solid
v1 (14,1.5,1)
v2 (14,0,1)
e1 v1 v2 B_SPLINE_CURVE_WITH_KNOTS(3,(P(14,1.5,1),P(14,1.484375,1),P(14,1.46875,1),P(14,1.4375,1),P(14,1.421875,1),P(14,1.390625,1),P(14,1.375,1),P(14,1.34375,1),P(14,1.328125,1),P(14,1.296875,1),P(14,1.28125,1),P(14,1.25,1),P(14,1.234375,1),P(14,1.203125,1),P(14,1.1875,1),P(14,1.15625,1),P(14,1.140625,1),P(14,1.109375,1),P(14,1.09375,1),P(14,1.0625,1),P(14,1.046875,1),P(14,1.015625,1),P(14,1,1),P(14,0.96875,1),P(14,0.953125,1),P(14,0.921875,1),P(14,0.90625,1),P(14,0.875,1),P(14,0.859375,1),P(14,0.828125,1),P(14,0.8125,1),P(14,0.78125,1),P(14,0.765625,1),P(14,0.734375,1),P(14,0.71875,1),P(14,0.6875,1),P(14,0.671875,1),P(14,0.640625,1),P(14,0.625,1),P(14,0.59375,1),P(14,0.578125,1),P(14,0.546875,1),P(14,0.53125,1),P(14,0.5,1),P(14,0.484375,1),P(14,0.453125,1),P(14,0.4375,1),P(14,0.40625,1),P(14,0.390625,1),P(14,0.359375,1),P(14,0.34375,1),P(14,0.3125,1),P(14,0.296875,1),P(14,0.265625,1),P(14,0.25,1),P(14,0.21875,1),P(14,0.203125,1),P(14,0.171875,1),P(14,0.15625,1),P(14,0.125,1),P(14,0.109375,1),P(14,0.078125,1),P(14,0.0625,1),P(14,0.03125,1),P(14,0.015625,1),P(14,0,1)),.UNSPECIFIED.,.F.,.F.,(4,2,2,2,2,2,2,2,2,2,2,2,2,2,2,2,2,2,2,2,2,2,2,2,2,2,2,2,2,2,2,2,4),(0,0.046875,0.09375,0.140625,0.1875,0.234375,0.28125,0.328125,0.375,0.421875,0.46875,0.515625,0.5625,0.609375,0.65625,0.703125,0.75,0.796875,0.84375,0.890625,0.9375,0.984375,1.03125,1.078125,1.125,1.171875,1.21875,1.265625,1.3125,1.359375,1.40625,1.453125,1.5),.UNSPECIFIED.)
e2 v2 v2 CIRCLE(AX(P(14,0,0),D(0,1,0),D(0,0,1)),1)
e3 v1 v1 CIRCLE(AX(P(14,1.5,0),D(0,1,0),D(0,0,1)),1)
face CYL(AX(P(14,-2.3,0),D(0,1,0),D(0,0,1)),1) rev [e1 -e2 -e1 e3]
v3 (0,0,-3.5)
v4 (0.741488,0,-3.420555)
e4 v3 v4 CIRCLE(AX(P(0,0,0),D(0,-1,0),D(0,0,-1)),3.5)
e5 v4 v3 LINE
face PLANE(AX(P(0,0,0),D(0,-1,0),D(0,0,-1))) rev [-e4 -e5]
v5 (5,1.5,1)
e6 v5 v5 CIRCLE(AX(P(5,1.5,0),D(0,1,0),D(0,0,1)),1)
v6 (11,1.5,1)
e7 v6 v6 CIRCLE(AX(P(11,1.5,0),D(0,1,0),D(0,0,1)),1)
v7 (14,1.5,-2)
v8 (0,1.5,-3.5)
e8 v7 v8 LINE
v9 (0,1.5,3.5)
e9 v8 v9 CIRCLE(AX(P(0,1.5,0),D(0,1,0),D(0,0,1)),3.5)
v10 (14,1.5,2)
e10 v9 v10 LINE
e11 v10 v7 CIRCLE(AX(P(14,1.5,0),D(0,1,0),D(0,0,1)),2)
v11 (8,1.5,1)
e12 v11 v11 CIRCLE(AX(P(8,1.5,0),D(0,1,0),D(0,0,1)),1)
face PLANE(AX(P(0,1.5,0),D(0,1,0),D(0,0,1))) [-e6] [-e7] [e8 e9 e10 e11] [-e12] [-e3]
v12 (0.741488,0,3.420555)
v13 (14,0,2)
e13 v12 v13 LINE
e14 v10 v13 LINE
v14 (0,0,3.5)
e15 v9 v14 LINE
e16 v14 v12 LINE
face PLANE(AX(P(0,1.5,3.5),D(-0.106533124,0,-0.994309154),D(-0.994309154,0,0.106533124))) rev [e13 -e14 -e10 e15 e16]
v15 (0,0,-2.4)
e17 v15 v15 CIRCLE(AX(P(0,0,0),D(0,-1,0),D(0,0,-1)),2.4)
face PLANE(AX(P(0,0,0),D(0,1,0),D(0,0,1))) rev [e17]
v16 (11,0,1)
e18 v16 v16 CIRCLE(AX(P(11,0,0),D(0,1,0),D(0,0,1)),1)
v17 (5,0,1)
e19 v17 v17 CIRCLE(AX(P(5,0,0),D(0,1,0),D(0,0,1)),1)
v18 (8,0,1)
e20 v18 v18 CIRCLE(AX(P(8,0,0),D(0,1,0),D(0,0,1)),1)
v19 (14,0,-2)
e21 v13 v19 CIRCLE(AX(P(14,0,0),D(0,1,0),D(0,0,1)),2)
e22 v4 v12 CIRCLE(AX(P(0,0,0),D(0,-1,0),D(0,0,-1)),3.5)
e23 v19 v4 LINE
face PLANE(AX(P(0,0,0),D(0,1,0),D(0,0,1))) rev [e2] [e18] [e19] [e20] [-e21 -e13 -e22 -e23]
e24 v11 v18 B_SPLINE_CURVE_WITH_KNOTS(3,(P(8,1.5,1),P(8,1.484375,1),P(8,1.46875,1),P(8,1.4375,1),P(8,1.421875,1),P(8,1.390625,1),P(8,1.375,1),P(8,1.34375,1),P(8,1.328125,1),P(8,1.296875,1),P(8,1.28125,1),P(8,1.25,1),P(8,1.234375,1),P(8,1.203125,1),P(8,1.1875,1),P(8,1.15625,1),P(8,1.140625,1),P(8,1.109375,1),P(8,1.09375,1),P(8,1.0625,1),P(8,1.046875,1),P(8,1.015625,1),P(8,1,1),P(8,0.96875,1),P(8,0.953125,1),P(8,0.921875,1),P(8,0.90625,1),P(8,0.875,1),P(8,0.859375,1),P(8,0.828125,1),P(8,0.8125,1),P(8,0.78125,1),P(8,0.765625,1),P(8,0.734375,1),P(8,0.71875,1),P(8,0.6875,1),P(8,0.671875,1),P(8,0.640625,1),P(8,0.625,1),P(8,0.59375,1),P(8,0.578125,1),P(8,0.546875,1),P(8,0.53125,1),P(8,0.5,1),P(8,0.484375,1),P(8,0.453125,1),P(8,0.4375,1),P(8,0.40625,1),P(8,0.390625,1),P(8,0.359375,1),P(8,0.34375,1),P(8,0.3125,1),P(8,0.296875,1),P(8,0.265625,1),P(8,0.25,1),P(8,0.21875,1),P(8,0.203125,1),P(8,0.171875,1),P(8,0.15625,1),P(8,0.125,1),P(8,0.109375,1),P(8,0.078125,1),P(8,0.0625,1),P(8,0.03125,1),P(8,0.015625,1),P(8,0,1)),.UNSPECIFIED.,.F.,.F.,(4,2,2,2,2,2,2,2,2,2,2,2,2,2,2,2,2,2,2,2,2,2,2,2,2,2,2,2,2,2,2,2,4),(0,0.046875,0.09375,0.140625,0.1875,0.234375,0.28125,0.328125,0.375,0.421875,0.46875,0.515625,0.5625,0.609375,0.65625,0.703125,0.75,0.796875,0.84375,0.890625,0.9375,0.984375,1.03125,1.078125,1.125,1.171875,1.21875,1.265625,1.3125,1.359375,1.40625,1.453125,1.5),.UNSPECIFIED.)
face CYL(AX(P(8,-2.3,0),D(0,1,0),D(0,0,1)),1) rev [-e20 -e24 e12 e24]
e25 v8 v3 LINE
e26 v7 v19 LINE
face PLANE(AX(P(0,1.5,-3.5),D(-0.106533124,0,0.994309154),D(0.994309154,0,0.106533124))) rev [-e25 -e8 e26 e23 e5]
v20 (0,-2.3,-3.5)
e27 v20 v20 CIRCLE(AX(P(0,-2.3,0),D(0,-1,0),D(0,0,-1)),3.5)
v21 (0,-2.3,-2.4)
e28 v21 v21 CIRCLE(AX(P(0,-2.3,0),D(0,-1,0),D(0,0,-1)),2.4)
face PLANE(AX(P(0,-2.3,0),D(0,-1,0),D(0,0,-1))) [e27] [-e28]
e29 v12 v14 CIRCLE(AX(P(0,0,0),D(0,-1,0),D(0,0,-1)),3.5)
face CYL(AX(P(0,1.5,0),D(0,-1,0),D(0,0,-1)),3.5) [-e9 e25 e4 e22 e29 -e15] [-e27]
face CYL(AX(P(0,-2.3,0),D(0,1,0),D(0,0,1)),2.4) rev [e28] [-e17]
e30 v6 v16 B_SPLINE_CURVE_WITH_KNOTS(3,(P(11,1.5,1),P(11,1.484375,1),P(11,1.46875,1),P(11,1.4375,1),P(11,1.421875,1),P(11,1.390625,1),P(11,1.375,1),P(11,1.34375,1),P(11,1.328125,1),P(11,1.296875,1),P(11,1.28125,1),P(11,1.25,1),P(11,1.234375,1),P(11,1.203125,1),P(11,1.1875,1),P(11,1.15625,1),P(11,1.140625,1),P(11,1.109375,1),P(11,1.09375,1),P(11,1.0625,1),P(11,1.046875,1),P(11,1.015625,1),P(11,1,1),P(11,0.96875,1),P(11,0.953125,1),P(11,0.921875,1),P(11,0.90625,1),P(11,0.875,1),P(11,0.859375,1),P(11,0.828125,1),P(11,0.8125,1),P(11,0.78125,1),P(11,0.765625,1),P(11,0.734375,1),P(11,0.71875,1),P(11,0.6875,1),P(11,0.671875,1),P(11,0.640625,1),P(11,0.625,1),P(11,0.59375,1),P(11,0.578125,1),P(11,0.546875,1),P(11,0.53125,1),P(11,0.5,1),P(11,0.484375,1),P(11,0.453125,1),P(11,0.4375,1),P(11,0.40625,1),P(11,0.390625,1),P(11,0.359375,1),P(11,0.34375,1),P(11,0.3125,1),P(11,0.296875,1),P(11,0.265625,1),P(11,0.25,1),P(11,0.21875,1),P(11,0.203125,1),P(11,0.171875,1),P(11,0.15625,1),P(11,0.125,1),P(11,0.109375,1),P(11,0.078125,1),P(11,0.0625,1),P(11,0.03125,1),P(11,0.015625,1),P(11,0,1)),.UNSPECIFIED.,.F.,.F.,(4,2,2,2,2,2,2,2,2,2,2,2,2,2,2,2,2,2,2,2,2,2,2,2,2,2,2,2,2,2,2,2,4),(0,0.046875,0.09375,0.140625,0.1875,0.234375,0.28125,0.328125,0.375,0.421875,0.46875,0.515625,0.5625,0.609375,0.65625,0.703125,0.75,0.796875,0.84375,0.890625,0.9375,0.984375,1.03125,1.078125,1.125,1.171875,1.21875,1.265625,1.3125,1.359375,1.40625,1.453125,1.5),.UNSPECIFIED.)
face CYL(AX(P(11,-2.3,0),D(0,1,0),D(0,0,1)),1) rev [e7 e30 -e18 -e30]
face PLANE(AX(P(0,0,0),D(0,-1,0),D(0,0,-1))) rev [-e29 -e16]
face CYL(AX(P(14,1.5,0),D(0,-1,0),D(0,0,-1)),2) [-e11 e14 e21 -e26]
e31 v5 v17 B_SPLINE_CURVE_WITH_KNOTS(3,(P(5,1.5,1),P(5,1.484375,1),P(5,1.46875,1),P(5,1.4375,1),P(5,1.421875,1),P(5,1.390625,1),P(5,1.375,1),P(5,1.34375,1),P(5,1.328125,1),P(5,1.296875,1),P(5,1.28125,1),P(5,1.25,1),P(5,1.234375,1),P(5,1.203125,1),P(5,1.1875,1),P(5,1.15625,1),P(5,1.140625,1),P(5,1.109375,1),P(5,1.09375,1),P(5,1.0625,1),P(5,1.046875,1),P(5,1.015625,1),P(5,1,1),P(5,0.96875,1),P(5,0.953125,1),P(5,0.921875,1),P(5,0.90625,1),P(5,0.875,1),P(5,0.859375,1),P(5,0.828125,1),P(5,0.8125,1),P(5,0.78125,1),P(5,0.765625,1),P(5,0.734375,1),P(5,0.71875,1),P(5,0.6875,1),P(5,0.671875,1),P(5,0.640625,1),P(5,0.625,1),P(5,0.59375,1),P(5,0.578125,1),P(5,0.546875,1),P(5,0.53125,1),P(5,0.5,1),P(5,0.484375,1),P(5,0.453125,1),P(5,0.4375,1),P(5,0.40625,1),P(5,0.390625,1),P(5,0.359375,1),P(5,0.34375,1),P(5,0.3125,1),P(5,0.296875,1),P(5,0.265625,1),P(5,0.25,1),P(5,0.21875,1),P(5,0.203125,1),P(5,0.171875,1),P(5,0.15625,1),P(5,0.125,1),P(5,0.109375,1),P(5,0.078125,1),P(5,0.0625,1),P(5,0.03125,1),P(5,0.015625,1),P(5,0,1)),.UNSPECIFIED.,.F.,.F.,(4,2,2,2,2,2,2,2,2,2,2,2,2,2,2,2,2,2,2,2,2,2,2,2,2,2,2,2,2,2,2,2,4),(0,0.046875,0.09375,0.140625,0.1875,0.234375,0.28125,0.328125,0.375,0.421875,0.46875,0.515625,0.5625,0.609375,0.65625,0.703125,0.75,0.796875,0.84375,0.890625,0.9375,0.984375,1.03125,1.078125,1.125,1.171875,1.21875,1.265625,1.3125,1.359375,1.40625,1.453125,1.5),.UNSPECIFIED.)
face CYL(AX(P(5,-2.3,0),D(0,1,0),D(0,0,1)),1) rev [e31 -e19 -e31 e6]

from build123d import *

# Parameters (mm, degrees)
BOSS_EXTRUDE1_DEPTH = 1.5
BOSS_EXTRUDE2_START = 2.3
SKETCH2_R           = 3.5
SKETCH2_R_2         = 2.4
BOSS_EXTRUDE2_DEPTH = 2.3
SKETCH3_R           = 1
CUT_EXTRUDE2_DEPTH  = 17.813387523


with BuildPart() as part:
    # Sketch1 → Boss-Extrude1 (new body)
    with BuildSketch(Plane(origin=(0, 0, 0), x_dir=(1, 0, 0), z_dir=(0, 1, 0))):
        with BuildLine():
            Line((0, 3.5), (14, 2))
            ThreePointArc((14, 2), (16, 0), (14, -2))
            Line((14, -2), (0, -3.5))
            ThreePointArc((0, -3.5), (-3.5, 0), (0, 3.5))
        make_face()
    extrude(amount=BOSS_EXTRUDE1_DEPTH)

    # Sketch2 → Boss-Extrude2 (add)
    with BuildSketch(Plane.XZ.offset(BOSS_EXTRUDE2_START)):
        with Locations(Location((0, 0, 0), (0, 0, 270))):
            Circle(SKETCH2_R)
        with Locations(Location((0, 0, 0), (0, 0, 270))):
            Circle(SKETCH2_R_2, mode=Mode.SUBTRACT)
    extrude(amount=-BOSS_EXTRUDE2_DEPTH)

    # Sketch3 → Cut-Extrude2 (cut, through all)
    with BuildSketch(Plane(origin=(0, 1.5, 0), x_dir=(1, 0, 0), z_dir=(0, 1, 0))):
        with Locations(Location((14, 0, 0), (0, 0, 270))):
            Circle(SKETCH3_R)
        with Locations(Location((11, 0, 0), (0, 0, 270))):
            Circle(SKETCH3_R)
        with Locations(Location((8, 0, 0), (0, 0, 270))):
            Circle(SKETCH3_R)
        with Locations(Location((5, 0, 0), (0, 0, 270))):
            Circle(SKETCH3_R)
    extrude(amount=-CUT_EXTRUDE2_DEPTH, mode=Mode.SUBTRACT)


solid = part.part
